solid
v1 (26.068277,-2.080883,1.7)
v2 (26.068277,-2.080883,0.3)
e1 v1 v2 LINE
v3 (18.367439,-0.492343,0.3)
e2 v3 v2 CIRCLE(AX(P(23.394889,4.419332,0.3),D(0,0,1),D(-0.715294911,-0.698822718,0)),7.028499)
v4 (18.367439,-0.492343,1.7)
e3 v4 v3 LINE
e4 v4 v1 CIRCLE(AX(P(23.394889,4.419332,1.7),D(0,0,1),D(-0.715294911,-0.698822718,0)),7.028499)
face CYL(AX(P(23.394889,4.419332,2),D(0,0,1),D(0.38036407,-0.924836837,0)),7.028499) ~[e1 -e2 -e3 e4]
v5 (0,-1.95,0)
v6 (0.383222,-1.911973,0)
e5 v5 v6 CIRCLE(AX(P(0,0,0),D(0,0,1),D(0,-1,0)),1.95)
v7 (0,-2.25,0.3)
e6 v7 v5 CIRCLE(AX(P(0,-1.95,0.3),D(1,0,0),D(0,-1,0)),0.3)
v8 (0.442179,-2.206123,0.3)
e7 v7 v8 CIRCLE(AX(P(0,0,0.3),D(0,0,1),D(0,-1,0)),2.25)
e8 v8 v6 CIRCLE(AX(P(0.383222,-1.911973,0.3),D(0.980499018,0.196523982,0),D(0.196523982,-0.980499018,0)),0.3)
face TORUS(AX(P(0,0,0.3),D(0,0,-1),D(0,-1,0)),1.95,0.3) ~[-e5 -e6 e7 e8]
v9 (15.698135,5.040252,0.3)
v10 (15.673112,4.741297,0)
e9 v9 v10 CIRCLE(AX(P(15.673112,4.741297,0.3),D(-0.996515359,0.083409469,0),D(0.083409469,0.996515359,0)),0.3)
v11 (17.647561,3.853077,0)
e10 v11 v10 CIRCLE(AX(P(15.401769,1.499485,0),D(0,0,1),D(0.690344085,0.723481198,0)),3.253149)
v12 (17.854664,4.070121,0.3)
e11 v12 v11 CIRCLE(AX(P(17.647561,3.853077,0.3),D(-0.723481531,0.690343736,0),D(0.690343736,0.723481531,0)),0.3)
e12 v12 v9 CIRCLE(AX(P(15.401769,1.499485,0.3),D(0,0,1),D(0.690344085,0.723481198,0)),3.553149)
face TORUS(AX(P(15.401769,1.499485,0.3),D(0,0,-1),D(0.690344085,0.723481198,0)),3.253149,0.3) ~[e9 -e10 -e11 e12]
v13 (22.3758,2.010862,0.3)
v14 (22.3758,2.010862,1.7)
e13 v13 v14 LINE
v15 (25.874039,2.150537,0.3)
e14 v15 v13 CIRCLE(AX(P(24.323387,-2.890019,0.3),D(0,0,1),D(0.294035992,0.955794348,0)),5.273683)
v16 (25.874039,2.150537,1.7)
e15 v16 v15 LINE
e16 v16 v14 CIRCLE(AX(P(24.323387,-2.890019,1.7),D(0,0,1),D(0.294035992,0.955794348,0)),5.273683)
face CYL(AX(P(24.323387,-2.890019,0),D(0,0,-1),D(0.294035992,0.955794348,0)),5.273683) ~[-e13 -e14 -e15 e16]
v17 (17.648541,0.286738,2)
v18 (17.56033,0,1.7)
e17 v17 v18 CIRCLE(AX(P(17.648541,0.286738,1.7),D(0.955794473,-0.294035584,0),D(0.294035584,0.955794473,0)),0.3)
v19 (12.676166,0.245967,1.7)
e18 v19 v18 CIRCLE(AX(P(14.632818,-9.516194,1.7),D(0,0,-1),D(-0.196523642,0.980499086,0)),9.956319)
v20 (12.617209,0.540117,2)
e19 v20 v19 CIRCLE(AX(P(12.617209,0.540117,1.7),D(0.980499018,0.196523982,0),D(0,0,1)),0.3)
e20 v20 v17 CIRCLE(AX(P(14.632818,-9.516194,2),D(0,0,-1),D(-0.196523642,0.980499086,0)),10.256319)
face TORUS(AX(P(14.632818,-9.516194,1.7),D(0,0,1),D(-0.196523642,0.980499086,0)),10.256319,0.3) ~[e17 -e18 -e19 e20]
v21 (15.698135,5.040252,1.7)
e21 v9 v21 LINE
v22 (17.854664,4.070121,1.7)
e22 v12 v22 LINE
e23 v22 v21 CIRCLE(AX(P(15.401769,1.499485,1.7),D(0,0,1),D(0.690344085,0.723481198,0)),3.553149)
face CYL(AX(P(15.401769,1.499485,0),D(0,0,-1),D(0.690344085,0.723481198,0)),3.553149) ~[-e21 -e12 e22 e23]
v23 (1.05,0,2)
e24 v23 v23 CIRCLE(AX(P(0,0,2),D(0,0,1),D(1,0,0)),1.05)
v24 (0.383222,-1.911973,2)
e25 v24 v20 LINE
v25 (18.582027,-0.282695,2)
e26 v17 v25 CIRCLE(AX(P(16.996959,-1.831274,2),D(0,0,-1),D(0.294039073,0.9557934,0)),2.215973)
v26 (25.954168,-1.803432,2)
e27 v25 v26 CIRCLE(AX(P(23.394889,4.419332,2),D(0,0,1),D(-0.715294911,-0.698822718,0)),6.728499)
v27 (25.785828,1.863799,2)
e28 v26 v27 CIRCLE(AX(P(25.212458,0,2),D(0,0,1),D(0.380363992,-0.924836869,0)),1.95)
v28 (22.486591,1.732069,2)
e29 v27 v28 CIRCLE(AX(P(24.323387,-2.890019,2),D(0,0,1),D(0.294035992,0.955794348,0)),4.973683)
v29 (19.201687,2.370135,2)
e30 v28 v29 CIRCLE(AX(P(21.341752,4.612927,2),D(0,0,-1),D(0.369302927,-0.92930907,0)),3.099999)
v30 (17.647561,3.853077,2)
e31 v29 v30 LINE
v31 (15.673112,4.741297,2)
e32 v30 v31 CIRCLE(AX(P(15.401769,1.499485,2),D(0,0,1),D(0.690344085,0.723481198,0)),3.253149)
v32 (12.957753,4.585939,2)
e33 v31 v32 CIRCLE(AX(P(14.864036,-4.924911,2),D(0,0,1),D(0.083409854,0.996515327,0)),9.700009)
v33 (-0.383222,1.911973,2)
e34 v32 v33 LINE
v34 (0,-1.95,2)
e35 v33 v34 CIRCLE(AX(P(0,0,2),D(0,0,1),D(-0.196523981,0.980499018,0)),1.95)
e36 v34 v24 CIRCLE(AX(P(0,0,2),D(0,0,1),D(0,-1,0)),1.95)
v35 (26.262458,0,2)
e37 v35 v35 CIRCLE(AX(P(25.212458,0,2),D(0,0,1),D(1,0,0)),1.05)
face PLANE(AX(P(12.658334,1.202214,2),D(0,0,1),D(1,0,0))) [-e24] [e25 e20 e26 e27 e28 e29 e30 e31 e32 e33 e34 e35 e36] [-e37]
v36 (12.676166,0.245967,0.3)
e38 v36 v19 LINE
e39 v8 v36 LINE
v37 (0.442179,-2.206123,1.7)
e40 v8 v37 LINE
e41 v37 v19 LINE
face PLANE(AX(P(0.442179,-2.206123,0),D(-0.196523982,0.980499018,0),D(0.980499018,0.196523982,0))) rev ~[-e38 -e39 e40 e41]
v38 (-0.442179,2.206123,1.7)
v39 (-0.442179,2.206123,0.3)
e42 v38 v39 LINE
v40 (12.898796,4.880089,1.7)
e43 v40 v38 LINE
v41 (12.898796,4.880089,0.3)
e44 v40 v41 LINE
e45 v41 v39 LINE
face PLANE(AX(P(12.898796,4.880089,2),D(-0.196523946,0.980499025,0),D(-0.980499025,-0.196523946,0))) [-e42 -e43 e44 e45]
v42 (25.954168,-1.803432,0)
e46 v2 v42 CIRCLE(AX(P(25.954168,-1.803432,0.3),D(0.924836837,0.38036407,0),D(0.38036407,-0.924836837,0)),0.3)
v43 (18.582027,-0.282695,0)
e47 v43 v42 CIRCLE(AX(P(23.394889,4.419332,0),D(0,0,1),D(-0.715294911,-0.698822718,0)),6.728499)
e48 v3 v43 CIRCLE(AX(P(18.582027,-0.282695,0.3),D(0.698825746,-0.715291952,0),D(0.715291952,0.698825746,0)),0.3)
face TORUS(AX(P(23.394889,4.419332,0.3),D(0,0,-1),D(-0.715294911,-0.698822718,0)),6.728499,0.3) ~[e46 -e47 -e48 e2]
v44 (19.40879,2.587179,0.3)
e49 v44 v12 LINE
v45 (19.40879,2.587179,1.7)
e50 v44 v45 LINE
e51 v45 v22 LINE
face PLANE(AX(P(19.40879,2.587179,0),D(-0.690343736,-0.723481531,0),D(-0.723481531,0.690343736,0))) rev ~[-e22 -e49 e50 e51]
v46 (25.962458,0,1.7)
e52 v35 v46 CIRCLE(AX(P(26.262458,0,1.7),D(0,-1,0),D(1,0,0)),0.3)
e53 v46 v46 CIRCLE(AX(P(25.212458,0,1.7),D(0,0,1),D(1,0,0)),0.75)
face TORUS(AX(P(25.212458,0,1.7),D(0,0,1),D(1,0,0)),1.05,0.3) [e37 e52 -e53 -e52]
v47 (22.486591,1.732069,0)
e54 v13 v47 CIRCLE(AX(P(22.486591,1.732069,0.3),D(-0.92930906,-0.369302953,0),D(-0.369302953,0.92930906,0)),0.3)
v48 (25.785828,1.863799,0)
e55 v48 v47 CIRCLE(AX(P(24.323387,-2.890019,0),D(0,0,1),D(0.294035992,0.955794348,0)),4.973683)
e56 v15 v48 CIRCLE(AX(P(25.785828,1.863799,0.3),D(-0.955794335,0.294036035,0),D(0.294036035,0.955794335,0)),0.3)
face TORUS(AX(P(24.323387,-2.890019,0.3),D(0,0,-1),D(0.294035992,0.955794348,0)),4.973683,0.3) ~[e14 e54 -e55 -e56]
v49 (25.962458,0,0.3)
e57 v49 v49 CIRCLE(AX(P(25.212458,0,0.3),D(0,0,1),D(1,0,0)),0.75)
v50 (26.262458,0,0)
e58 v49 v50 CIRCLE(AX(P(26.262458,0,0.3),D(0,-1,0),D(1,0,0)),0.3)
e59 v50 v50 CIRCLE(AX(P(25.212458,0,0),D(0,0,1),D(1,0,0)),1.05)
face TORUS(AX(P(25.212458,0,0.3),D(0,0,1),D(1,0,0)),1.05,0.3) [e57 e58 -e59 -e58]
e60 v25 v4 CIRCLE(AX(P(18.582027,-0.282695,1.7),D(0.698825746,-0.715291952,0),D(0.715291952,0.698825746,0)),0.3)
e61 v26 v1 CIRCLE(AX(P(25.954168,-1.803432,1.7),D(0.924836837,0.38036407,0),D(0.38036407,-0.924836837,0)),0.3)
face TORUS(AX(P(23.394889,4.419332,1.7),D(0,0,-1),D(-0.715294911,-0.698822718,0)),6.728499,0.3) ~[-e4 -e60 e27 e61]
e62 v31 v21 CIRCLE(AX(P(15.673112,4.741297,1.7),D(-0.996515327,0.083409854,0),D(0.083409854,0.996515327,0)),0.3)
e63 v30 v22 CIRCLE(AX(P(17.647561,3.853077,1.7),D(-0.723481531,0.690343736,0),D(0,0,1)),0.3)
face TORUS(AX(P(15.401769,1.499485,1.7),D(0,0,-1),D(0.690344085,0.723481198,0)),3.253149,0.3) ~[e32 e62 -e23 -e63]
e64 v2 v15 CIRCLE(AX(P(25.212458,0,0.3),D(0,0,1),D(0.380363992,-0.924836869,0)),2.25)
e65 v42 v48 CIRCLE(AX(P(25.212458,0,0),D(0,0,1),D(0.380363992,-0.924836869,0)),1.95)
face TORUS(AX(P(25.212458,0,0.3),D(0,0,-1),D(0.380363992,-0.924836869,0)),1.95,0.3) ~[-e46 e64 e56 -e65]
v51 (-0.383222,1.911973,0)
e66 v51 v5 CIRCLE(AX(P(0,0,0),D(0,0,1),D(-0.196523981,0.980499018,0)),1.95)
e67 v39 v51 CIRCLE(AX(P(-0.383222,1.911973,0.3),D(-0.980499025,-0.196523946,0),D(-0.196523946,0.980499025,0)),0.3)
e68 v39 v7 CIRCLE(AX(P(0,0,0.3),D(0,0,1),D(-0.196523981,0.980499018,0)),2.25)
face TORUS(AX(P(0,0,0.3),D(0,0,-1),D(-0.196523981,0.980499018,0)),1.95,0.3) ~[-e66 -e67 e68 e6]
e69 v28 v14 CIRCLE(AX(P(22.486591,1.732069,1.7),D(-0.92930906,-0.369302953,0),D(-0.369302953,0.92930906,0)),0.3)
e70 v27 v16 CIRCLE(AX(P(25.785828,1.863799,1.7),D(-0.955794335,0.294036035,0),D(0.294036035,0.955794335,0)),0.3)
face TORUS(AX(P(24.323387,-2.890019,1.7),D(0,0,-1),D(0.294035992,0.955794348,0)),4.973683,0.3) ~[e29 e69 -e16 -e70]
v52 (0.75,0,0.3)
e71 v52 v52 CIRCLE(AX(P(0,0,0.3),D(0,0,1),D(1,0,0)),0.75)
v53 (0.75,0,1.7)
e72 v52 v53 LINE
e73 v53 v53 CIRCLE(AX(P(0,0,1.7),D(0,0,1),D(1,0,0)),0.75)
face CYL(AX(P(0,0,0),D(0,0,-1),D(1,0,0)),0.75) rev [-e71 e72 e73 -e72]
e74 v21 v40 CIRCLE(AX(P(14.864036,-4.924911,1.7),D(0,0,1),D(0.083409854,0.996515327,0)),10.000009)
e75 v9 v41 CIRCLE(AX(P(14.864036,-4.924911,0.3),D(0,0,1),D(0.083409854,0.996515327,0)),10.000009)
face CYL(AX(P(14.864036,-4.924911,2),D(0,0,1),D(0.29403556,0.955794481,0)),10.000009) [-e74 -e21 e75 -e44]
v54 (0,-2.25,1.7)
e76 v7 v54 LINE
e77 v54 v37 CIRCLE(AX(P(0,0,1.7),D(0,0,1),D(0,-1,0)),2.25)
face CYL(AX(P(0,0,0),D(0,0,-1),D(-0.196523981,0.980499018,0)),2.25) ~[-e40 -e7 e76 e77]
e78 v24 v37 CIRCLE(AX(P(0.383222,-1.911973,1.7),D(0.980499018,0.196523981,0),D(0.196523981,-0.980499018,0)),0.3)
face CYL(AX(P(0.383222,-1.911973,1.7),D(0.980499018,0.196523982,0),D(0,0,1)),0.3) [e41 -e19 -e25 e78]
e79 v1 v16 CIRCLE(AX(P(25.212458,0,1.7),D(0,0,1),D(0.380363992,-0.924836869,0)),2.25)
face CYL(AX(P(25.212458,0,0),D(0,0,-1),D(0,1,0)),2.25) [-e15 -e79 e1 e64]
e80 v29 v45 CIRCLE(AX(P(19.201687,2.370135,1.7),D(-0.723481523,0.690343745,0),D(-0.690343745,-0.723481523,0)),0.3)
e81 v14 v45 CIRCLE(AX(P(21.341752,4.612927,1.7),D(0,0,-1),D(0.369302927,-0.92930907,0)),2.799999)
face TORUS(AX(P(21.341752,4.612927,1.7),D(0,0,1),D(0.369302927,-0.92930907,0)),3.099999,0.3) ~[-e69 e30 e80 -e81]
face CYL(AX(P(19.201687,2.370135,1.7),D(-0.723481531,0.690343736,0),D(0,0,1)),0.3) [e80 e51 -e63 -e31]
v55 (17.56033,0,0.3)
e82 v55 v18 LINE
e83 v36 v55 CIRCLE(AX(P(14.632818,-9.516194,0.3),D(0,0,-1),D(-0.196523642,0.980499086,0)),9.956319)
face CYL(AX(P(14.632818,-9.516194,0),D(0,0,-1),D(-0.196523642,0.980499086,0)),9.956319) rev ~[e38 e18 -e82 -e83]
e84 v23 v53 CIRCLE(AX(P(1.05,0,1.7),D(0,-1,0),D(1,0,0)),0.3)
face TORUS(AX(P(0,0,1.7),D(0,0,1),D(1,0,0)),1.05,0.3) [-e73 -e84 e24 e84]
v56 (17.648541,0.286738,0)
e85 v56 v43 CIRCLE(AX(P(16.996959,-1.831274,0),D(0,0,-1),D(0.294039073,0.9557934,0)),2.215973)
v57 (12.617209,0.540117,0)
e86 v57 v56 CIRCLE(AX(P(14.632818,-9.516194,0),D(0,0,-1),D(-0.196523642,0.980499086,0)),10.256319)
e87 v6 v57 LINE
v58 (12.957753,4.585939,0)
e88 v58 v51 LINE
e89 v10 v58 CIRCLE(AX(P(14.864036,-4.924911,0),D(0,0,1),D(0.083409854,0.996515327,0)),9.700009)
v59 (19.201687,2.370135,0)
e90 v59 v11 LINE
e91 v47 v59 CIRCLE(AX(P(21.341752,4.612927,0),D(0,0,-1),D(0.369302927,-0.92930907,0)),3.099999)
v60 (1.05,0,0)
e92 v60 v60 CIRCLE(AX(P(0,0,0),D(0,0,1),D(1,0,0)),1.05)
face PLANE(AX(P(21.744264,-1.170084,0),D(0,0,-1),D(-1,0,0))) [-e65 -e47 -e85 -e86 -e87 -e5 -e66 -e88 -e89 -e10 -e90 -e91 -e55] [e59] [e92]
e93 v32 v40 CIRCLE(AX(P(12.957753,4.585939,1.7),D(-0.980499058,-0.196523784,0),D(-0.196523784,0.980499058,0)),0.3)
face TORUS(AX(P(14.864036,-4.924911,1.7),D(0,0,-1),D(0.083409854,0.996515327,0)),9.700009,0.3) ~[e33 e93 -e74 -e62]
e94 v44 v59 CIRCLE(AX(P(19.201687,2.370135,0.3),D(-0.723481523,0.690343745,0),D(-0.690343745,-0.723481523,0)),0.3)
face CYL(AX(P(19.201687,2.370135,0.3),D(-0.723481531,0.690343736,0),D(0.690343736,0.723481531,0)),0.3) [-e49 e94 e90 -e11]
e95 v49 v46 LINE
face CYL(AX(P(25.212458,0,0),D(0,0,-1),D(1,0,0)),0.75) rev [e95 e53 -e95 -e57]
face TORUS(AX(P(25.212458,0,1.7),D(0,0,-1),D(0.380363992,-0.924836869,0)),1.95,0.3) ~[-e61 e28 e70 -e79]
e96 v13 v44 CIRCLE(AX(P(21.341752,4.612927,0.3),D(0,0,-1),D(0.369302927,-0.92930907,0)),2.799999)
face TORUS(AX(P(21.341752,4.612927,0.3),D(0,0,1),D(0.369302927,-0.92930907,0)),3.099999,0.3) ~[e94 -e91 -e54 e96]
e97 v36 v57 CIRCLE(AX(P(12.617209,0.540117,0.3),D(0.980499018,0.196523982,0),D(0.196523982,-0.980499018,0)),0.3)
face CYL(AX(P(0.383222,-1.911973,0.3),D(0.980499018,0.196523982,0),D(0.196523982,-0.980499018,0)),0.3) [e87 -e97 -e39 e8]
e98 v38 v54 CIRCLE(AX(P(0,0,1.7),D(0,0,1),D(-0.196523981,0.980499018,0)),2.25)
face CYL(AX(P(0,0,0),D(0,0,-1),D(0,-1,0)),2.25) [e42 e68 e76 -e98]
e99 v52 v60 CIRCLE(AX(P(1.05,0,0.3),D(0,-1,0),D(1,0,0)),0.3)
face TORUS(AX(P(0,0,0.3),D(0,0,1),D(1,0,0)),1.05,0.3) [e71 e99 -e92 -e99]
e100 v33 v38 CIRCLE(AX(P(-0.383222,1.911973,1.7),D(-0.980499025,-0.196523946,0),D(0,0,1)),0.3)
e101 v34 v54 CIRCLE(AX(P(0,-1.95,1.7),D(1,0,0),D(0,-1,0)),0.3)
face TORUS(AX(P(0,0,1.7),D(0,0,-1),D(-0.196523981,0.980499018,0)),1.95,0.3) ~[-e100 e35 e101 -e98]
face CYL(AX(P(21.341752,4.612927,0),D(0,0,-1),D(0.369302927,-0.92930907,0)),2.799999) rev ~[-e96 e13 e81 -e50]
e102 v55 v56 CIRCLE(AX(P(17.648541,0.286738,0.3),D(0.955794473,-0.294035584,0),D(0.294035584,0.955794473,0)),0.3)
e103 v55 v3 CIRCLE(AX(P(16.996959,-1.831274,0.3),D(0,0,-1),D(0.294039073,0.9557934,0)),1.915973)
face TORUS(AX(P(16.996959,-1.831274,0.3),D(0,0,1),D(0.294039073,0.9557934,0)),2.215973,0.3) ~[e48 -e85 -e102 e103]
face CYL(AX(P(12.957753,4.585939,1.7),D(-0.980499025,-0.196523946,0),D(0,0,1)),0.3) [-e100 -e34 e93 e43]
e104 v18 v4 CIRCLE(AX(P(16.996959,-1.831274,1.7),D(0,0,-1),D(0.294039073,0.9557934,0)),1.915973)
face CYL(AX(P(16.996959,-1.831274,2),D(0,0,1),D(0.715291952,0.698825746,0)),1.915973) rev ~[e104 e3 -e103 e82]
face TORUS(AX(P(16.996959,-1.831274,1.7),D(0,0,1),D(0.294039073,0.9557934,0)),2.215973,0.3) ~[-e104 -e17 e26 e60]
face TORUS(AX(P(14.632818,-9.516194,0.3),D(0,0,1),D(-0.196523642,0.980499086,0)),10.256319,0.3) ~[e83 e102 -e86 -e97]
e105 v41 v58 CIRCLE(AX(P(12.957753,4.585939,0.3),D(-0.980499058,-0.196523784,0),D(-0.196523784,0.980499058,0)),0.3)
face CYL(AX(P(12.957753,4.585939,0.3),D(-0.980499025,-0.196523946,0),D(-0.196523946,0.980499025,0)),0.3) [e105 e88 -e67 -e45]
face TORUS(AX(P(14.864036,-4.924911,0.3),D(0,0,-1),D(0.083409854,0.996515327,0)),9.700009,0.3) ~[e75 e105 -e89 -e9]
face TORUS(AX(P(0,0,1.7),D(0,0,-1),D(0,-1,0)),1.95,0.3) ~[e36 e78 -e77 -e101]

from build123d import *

# Parameters (mm, degrees)
SKETCH1_R               = 0.75
BOSS_EXTRUDE1_DEPTH     = 2
SKETCH3_OUTSIDE_W       = 37.736
SKETCH3_OUTSIDE_H       = 12.524
CUT_EXTRUDE4_DEPTH      = 3
SKETCH4_R               = 0.75
BOSS_EXTRUDE2_DEPTH     = 2
CUT_EXTRUDE6_DEPTH      = 3
CUT_EXTRUDE6_DEPTH_BACK = 1
BOSS_EXTRUDE3_DEPTH     = 2
FILLET1_R               = 0.3


with BuildPart() as part:
    # Sketch1 → Boss-Extrude1 (new body)
    with BuildSketch(Plane.XY):
        with BuildLine():
            Line((0, 2.25), (25.212458, 2.25))
            ThreePointArc((25.212458, 2.25), (27.462458, 0), (25.212458, -2.25))
            Line((25.212458, -2.25), (0, -2.25))
            ThreePointArc((0, -2.25), (-2.25, 0), (0, 2.25))
        make_face()
        Circle(SKETCH1_R, mode=Mode.SUBTRACT)
        with Locations((25.212458, 0)):
            Circle(SKETCH1_R, mode=Mode.SUBTRACT)
    extrude(amount=BOSS_EXTRUDE1_DEPTH)

    # Sketch3 outside → Cut-Extrude4 (cut, through all)
    with BuildSketch(Plane.XY):
        with Locations((12.606, 0)):
            Rectangle(SKETCH3_OUTSIDE_W, SKETCH3_OUTSIDE_H)
        with BuildLine():
            Line((0.442179, -2.206123), (12.676166, 0.245967))
            ThreePointArc((12.676166, 0.245967), (15.133584, 0.427523), (17.56033, 0))
            Line((17.56033, 0), (24.550878, -2.150537))
            ThreePointArc((24.550878, -2.150537), (27.362996, -0.661581), (25.874039, 2.150537))
            Line((25.874039, 2.150537), (17.804394, 4.633043))
            ThreePointArc((17.804394, 4.633043), (15.366999, 5.062442), (12.898796, 4.880089))
            Line((12.898796, 4.880089), (-0.442179, 2.206123))
            ThreePointArc((-0.442179, 2.206123), (-2.206123, -0.442179), (0.442179, -2.206123))
        make_face(mode=Mode.SUBTRACT)
    extrude(amount=CUT_EXTRUDE4_DEPTH, mode=Mode.SUBTRACT)

    # Sketch4 → Boss-Extrude2 (add)
    with BuildSketch(Plane.XY.offset(2)):
        with BuildLine():
            Line((12.898796, 4.880089), (-0.442179, 2.206123))
            ThreePointArc((-0.442179, 2.206123), (-2.206123, -0.442179), (0.442179, -2.206123))
            Line((0.442179, -2.206123), (12.676166, 0.245967))
            ThreePointArc((12.676166, 0.245967), (15.133584, 0.427523), (17.56033, 0))
            Line((17.56033, 0), (24.550878, -2.150537))
            ThreePointArc((24.550878, -2.150537), (27.362996, -0.661581), (25.874039, 2.150537))
            Line((25.874039, 2.150537), (17.804394, 4.633043))
            ThreePointArc((17.804394, 4.633043), (15.366999, 5.062442), (12.898796, 4.880089))
        make_face()
        with Locations((25.212458, 0)):
            Circle(SKETCH4_R, mode=Mode.SUBTRACT)
        Circle(SKETCH4_R, mode=Mode.SUBTRACT)
    extrude(amount=-BOSS_EXTRUDE2_DEPTH)

    # Sketch6 → Cut-Extrude6 (cut, two sides)
    with BuildSketch(Plane.XY) as cut_extrude6_sk:
        with BuildLine():
            Line((15.698135, 5.040252), (20.735888, 8.302002))
            Line((20.735888, 8.302002), (25.874039, 2.150537))
            ThreePointArc((25.874039, 2.150537), (24.112991, 2.379465), (22.3758, 2.010862))
            ThreePointArc((22.3758, 2.010862), (20.807854, 1.8643), (19.40879, 2.587179))
            Line((19.40879, 2.587179), (17.854664, 4.070121))
            ThreePointArc((17.854664, 4.070121), (16.859472, 4.73985), (15.698135, 5.040252))
        make_face()
    extrude(amount=CUT_EXTRUDE6_DEPTH, mode=Mode.SUBTRACT)
    extrude(cut_extrude6_sk.sketch, amount=-CUT_EXTRUDE6_DEPTH_BACK, mode=Mode.SUBTRACT)

    # Sketch7 → Boss-Extrude3 (add)
    with BuildSketch(Plane.XY.offset(2)):
        with BuildLine():
            Line((17.56033, 0), (19.46651, 0.56554))
            Line((19.46651, 0.56554), (26.068277, -2.080883))
            ThreePointArc((26.068277, -2.080883), (21.974936, -2.464238), (18.367439, -0.492343))
            ThreePointArc((18.367439, -0.492343), (17.994729, -0.195607), (17.56033, 0))
        make_face()
    extrude(amount=-BOSS_EXTRUDE3_DEPTH)

    # Fillet1
    fillet1_edges = [part.edges().sort_by_distance(p)[0] for p in [
        (24.462458, 0, 0),
        (-0.75, 0, 0),
        (6.559172, -0.980078, 0),
        (15.133584, 0.427523, 0),
        (24.462458, 0, 0),
        (14.292824, 5.058771, 2),
        (14.292824, 5.058771, 0),
        (6.228309, 3.543106, 2),
        (6.228309, 3.543106, 0),
        (-2.206123, -0.442179, 0),
        (24.462458, 0, 2),
        (-0.75, 0, 2),
        (27.460091, 0.103175, 2),
        (15.133584, 0.427523, 2),
        (6.559172, -0.980078, 2),
        (-2.206123, -0.442179, 2),
        (24.112991, 2.379465, 0),
        (20.807854, 1.8643, 0),
        (16.859472, 4.73985, 0),
        (24.112991, 2.379465, 2),
        (16.859472, 4.73985, 2),
        (20.807854, 1.8643, 2),
        (21.974936, -2.464238, 2),
        (21.974936, -2.464238, 0),
        (17.994729, -0.195607, 2),
        (17.994729, -0.195607, 0),
        (18.631727, 3.32865, 0),
        (18.631727, 3.32865, 2),
    ]]
    fillet(fillet1_edges, radius=FILLET1_R)


solid = part.part
